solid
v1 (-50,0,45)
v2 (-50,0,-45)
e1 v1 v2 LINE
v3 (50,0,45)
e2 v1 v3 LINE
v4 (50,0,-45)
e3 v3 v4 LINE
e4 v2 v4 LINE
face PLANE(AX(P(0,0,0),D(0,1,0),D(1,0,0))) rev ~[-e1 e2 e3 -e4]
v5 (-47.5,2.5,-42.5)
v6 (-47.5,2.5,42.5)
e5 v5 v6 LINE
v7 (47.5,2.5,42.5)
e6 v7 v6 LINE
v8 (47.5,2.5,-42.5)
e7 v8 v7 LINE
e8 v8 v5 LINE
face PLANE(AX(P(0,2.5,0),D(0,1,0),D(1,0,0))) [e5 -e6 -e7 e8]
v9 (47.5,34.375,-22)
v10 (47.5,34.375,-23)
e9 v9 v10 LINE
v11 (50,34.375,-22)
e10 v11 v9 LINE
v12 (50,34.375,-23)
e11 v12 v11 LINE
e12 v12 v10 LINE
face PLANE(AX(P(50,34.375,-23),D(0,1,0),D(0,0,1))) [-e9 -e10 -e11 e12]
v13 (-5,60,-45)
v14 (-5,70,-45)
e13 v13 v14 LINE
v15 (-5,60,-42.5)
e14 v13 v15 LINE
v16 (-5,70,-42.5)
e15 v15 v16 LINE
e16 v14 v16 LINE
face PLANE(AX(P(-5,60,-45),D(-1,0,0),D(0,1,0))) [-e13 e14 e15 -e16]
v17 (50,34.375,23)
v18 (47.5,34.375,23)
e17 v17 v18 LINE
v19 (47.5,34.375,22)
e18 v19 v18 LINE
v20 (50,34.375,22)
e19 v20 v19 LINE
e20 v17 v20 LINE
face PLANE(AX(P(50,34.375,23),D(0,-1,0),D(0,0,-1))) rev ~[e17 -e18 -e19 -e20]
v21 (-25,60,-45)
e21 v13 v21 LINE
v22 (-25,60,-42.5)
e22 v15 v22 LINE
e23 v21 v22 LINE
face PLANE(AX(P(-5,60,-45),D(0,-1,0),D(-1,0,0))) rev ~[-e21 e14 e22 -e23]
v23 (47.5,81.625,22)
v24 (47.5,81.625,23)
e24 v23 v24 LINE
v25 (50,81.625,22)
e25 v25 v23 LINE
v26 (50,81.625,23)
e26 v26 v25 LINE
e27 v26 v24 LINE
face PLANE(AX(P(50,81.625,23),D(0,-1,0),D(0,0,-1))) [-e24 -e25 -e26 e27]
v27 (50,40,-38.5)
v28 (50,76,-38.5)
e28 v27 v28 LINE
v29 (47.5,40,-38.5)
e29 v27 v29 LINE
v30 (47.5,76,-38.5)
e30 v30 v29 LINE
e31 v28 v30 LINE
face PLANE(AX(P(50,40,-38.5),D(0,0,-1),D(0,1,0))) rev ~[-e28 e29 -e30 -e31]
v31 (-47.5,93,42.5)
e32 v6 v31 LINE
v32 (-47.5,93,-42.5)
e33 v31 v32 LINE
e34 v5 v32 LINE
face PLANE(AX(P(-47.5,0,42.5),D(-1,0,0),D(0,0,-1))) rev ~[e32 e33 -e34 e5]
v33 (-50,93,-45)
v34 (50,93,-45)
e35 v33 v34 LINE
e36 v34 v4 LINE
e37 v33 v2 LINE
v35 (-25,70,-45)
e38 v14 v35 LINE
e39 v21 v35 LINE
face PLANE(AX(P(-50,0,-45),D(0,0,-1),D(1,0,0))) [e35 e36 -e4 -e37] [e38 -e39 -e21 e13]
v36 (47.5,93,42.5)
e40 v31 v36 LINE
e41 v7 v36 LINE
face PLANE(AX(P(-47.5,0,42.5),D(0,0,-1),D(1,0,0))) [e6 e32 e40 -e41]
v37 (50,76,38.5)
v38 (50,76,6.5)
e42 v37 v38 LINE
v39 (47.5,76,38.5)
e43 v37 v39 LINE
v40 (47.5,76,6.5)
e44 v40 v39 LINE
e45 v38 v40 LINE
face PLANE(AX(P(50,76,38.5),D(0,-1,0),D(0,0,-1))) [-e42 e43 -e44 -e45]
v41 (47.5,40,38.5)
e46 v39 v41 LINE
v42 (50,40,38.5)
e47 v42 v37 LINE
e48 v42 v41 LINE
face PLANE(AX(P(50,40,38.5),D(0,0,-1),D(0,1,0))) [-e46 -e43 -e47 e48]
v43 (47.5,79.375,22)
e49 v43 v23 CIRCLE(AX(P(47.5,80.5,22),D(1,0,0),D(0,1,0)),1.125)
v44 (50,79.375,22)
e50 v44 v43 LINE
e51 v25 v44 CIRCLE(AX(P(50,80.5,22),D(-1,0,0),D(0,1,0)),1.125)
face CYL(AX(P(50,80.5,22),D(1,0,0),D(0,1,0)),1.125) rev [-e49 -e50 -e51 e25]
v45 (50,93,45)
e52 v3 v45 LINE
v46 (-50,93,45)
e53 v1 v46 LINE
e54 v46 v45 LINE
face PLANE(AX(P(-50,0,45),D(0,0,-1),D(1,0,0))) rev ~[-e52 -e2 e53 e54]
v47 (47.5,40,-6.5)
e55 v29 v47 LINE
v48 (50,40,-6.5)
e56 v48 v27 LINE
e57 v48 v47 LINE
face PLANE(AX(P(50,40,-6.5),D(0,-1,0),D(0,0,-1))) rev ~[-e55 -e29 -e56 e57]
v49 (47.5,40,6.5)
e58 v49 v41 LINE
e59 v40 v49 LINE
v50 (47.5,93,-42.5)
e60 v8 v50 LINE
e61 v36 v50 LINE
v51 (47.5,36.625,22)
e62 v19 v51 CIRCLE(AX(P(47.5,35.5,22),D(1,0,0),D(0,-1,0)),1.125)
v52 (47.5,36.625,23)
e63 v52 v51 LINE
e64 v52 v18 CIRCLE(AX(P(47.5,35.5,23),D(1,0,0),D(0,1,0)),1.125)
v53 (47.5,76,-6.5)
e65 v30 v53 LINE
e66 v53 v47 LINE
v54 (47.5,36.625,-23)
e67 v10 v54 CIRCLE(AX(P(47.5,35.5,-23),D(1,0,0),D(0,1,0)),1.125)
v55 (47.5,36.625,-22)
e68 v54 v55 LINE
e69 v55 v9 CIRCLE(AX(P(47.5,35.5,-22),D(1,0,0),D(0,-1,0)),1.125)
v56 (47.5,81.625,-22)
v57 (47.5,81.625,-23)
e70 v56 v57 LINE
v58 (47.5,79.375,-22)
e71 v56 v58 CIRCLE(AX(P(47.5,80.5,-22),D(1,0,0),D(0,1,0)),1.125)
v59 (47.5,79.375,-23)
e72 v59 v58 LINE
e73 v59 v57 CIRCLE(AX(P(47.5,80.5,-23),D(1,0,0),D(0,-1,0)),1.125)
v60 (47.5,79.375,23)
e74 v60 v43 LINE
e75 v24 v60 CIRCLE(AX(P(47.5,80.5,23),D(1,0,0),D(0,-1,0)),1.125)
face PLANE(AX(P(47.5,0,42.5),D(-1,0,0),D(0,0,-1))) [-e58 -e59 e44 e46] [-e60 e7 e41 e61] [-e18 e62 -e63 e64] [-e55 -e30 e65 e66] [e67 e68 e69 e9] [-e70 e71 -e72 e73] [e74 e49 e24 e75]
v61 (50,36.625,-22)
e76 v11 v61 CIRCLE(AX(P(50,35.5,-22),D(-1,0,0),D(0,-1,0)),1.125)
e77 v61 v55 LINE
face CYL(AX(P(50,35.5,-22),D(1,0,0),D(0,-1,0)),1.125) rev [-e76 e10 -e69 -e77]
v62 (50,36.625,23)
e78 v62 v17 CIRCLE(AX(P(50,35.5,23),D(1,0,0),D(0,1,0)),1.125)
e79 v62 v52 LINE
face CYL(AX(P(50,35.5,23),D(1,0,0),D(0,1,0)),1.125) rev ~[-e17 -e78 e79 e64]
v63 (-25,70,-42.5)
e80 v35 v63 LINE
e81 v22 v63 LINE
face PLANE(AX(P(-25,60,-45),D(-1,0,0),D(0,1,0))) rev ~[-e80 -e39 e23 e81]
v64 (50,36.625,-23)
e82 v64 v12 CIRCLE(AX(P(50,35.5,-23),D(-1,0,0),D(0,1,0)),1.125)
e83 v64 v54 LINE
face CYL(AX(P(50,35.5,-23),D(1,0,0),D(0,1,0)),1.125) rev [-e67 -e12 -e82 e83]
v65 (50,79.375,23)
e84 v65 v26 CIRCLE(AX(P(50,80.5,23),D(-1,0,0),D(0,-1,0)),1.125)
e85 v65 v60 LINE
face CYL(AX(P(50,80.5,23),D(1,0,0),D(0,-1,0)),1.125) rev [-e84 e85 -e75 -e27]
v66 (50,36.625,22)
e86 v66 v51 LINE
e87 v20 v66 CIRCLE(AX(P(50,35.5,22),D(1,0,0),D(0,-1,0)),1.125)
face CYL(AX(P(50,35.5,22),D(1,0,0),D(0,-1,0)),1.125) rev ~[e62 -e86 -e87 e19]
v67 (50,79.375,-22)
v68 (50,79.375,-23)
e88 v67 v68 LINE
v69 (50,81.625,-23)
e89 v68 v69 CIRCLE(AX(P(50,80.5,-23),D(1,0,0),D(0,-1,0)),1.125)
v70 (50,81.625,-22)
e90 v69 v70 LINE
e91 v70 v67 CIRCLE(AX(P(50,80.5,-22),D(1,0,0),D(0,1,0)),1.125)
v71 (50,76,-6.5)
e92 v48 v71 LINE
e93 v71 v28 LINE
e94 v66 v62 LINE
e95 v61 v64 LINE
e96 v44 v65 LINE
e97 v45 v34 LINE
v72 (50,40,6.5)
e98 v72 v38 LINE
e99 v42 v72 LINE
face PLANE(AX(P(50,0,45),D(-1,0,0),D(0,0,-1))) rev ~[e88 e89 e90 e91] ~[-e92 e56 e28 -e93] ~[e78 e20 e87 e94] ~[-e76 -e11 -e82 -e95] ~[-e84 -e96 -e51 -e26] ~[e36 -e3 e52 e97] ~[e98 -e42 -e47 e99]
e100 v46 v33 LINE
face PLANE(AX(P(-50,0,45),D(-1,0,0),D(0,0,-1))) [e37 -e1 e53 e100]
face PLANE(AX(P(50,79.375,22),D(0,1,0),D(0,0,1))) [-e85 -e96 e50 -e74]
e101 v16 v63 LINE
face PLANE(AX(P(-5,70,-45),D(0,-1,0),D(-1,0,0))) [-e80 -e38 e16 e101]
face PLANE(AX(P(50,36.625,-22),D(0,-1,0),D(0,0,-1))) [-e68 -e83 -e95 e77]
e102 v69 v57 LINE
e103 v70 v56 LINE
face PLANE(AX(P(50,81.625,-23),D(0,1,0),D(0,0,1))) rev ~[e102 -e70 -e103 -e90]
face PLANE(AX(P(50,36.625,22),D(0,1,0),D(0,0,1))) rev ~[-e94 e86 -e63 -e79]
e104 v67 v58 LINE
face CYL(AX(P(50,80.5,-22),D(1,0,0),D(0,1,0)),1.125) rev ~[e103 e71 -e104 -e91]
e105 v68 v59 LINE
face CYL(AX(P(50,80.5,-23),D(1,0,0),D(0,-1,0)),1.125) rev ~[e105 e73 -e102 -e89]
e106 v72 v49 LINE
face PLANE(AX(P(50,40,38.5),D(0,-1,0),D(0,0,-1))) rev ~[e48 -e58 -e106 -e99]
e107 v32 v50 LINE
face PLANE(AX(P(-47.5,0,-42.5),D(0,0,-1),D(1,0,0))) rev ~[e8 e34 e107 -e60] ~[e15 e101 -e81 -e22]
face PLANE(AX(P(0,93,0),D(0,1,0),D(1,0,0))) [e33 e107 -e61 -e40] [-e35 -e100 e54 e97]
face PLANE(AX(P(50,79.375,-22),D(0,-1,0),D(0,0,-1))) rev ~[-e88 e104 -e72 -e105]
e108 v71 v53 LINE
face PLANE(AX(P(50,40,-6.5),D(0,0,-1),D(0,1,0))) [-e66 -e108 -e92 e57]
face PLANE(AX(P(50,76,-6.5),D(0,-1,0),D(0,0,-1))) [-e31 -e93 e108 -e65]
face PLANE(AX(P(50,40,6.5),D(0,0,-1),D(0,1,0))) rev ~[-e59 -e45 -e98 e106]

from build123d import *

# Parameters (mm, degrees)
SKETCH1_W           = 100
SKETCH1_H           = 90
BOSS_EXTRUDE1_DEPTH = 2.5
SKETCH1_3_W         = 100
SKETCH1_3_H         = 90
SKETCH1_3_W_2       = 95
SKETCH1_3_H_2       = 85
BOSS_EXTRUDE2_DEPTH = 93
SKETCH2_W           = 32
SKETCH2_H           = 36
CUT_EXTRUDE1_DEPTH  = 5
SKETCH3_W           = 20
SKETCH3_H           = 10
CUT_EXTRUDE2_DEPTH  = 5


with BuildPart() as part:
    # Sketch1 → Boss-Extrude1 (new body)
    with BuildSketch(Plane(origin=(0, 0, 0), x_dir=(1, 0, 0), z_dir=(0, 1, 0))):
        Rectangle(SKETCH1_W, SKETCH1_H)
    extrude(amount=BOSS_EXTRUDE1_DEPTH)

    # Sketch1<3> → Boss-Extrude2 (add)
    with BuildSketch(Plane(origin=(0, 0, 0), x_dir=(1, 0, 0), z_dir=(0, 1, 0))):
        Rectangle(SKETCH1_3_W, SKETCH1_3_H)
        Rectangle(SKETCH1_3_W_2, SKETCH1_3_H_2, mode=Mode.SUBTRACT)
    extrude(amount=BOSS_EXTRUDE2_DEPTH)

    # Sketch2 → Cut-Extrude1 (cut)
    with BuildSketch(Plane(origin=(50, 0, 0), x_dir=(0, 0, -1), z_dir=(1, 0, 0))):
        with Locations((-22.5, 58)):
            Rectangle(SKETCH2_W, SKETCH2_H)
        with BuildLine():
            Line((-23, 81.625), (-22, 81.625))
            ThreePointArc((-22, 81.625), (-20.875, 80.5), (-22, 79.375))
            Line((-22, 79.375), (-23, 79.375))
            ThreePointArc((-23, 79.375), (-24.125, 80.5), (-23, 81.625))
        make_face()
        with BuildLine():
            Line((-23, 34.375), (-22, 34.375))
            ThreePointArc((-22, 34.375), (-20.875, 35.5), (-22, 36.625))
            Line((-22, 36.625), (-23, 36.625))
            ThreePointArc((-23, 36.625), (-24.125, 35.5), (-23, 34.375))
        make_face()
        with Locations((22.5, 58)):
            Rectangle(SKETCH2_W, SKETCH2_H)
        with BuildLine():
            Line((23, 34.375), (22, 34.375))
            ThreePointArc((22, 34.375), (20.875, 35.5), (22, 36.625))
            Line((22, 36.625), (23, 36.625))
            ThreePointArc((23, 36.625), (24.125, 35.5), (23, 34.375))
        make_face()
        with BuildLine():
            Line((23, 81.625), (22, 81.625))
            ThreePointArc((22, 81.625), (20.875, 80.5), (22, 79.375))
            Line((22, 79.375), (23, 79.375))
            ThreePointArc((23, 79.375), (24.125, 80.5), (23, 81.625))
        make_face()
    extrude(amount=-CUT_EXTRUDE1_DEPTH, mode=Mode.SUBTRACT)

    # Sketch3 → Cut-Extrude2 (cut)
    with BuildSketch(Plane(origin=(0, 0, -45), x_dir=(-1, 0, 0), z_dir=(0, 0, -1))):
        with Locations((15, 65)):
            Rectangle(SKETCH3_W, SKETCH3_H)
    extrude(amount=-CUT_EXTRUDE2_DEPTH, mode=Mode.SUBTRACT)


solid = part.part
